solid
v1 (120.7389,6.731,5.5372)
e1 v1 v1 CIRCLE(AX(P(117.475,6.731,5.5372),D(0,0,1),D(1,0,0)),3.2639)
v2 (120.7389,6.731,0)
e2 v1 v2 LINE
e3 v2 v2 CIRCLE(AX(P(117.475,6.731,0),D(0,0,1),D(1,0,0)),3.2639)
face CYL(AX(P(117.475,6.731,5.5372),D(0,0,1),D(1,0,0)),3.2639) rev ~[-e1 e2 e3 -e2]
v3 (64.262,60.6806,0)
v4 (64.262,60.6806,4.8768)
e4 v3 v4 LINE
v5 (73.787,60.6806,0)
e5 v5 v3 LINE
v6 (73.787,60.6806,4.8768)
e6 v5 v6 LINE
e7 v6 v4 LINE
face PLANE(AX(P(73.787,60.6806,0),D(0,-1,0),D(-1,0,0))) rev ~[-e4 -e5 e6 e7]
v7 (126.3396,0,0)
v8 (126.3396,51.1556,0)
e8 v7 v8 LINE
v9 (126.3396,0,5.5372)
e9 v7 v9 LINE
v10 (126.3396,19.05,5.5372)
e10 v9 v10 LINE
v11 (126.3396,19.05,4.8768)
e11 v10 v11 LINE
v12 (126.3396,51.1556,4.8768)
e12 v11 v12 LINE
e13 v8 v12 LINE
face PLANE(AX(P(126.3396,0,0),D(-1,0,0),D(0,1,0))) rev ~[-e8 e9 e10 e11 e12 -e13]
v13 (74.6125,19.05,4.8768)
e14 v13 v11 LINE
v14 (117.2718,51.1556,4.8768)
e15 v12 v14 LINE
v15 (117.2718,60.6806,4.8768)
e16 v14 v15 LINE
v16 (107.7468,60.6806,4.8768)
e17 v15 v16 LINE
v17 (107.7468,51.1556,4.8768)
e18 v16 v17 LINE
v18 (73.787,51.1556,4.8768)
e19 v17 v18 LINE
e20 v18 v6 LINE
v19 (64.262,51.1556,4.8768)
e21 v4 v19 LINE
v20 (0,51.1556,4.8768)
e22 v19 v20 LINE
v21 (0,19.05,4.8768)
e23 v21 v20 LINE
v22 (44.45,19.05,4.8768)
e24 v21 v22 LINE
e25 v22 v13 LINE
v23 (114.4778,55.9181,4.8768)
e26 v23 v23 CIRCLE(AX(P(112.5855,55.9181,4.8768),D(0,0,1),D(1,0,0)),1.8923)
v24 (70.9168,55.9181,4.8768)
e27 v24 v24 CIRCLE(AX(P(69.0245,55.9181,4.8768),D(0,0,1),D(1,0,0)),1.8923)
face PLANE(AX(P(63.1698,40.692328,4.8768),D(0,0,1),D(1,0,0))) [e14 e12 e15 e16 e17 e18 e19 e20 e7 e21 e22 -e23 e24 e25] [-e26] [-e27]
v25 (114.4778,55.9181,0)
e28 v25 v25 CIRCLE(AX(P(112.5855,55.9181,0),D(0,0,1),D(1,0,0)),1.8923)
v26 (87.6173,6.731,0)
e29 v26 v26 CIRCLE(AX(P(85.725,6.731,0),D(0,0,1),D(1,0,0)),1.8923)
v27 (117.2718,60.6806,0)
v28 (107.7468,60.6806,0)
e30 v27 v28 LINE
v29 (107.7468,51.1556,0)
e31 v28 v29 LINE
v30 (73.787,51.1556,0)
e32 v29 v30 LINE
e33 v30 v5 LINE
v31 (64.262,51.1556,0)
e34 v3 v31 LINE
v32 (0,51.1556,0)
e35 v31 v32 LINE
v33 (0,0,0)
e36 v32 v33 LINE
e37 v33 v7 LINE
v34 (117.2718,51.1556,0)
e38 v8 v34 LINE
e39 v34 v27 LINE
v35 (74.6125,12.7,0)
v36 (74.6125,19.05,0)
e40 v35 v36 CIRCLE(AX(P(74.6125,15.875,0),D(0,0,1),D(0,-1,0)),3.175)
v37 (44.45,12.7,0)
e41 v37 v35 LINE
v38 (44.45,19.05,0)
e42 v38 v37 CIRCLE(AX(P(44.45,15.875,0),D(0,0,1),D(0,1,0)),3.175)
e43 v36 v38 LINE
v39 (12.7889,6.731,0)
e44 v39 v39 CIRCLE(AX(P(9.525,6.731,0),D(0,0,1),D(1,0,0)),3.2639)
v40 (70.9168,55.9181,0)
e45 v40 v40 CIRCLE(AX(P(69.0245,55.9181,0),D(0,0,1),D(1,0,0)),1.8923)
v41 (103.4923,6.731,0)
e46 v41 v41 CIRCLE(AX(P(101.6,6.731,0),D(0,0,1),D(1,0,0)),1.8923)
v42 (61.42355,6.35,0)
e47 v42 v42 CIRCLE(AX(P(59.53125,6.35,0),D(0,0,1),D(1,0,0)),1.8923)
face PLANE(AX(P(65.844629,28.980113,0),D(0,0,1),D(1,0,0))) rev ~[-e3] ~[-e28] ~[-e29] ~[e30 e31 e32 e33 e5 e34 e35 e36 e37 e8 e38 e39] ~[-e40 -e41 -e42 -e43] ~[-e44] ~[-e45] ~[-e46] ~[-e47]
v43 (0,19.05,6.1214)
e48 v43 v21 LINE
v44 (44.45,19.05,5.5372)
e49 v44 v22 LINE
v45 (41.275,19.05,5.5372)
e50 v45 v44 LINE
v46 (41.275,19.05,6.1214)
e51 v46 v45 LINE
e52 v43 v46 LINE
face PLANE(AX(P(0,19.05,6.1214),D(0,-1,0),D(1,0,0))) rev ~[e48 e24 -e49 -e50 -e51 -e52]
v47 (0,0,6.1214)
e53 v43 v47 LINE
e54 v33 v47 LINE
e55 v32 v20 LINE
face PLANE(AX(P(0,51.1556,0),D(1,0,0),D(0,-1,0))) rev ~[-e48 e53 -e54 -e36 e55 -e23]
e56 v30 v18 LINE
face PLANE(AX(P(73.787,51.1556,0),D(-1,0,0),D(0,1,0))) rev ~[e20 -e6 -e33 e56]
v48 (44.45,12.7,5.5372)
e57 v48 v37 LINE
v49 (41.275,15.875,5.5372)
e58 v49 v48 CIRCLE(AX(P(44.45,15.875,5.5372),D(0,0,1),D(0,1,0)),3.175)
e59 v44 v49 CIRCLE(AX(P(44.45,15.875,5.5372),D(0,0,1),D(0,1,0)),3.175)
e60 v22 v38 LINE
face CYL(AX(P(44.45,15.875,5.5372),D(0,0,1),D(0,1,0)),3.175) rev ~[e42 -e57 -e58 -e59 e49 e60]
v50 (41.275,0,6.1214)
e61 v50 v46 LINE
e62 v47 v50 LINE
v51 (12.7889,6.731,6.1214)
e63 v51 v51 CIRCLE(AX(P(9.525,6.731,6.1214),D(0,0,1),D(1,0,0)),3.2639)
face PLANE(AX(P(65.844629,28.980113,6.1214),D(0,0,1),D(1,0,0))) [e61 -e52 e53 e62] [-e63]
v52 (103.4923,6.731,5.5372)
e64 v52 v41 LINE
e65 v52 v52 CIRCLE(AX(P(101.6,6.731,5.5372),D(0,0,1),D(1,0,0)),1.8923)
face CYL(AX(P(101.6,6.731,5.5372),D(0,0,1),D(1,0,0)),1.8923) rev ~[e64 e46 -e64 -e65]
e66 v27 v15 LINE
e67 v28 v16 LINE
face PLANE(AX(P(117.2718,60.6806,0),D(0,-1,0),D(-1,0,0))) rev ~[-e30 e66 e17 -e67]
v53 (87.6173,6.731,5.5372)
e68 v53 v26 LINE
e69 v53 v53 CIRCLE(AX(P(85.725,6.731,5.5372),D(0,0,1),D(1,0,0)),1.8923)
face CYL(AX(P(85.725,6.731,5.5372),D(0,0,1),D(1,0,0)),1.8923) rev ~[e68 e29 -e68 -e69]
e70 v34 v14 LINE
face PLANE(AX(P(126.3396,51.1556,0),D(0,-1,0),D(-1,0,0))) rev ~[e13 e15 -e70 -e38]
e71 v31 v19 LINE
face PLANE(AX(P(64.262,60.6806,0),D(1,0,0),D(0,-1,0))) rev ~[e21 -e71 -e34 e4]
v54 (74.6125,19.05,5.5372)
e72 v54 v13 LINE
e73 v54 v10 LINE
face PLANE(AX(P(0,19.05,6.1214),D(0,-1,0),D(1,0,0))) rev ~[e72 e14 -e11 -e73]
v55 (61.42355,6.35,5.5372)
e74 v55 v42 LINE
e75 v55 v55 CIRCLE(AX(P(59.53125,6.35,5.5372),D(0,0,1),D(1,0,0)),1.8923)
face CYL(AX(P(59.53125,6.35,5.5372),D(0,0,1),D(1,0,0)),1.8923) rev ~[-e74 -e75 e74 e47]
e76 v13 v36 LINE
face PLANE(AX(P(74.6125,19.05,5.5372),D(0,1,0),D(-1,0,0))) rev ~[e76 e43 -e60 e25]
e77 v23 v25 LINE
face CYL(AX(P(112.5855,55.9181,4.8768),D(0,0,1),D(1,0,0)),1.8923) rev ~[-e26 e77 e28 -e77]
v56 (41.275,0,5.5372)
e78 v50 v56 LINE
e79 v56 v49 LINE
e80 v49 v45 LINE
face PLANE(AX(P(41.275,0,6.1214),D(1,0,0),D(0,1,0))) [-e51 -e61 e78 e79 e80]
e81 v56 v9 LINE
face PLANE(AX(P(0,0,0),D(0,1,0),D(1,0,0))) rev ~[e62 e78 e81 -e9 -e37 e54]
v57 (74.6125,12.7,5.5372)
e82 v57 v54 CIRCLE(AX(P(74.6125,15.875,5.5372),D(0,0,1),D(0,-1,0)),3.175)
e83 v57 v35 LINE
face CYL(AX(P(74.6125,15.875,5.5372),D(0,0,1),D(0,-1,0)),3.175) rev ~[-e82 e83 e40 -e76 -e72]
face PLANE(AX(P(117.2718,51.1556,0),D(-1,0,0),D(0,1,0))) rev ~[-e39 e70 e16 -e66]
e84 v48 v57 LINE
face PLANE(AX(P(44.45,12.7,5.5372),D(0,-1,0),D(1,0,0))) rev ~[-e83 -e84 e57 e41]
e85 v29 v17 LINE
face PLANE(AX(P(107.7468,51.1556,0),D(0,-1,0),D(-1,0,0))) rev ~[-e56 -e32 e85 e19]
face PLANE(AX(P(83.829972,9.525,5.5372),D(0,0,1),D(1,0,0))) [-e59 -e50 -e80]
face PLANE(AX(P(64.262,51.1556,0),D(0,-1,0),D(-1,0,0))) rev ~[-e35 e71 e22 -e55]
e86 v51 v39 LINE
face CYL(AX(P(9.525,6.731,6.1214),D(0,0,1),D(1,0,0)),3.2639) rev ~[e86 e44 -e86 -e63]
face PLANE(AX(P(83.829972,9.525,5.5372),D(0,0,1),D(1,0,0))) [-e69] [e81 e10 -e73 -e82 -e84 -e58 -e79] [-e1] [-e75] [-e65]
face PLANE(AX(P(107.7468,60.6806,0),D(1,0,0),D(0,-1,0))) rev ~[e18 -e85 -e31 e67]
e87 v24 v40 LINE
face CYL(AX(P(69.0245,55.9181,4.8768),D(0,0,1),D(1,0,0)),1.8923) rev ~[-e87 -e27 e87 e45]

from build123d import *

# Parameters (mm, degrees)
F1_DEPTH  = 6.1214
F2_W      = 126.3396
F2_H      = 43.2846567154
F3_DEPTH  = 1.2446
F4_W      = 85.1099437237
F4_H      = 19.05
F5_DEPTH  = 0.5842
F7_DEPTH  = 5.5372
F8_R      = 1.8923
F9_DEPTH  = 4.8768
F10_R     = 1.8923
F11_DEPTH = 5.5372
F12_R     = 3.2639
F13_DEPTH = 6.1214
F14_R     = 1.8923
F15_DEPTH = 5.5372
F16_R     = 3.2639
F17_DEPTH = 5.5372


with BuildPart() as f1:
    # F0 (on Top) → F1 (new body)
    with BuildSketch(Plane.XY):
        Polygon((0, 51.1556), (0, 0), (126.3396, 0), (126.3396, 51.1556), (117.2718, 51.1556), (117.2718, 60.6806), (107.7468, 60.6806), (107.7468, 51.1556), (73.787, 51.1556), (73.787, 60.6806), (64.262, 60.6806), (64.262, 51.1556), align=None)
    extrude(amount=F1_DEPTH)

    # F2 (on face) → F3 (cut)
    with BuildSketch(Plane.XY.offset(6.1214)):
        with Locations((63.1698, 40.6923283577)):
            Rectangle(F2_W, F2_H)
    extrude(amount=-F3_DEPTH, mode=Mode.SUBTRACT)

    # F4 (on face) → F5 (cut)
    with BuildSketch(Plane.XY.offset(6.1214)):
        with Locations((83.8299718618, 9.525)):
            Rectangle(F4_W, F4_H)
    extrude(amount=-F5_DEPTH, mode=Mode.SUBTRACT)

    # F6 (on face) → F7 (cut, through all)
    with BuildSketch(Plane.XY.offset(5.5372)):
        with BuildLine():
            Line((74.6125, 19.05), (44.45, 19.05))
            ThreePointArc((44.45, 19.05), (41.275, 15.875), (44.45, 12.7))
            Line((44.45, 12.7), (74.6125, 12.7))
            ThreePointArc((74.6125, 12.7), (77.7875, 15.875), (74.6125, 19.05))
        make_face()
    extrude(amount=-F7_DEPTH, mode=Mode.SUBTRACT)

    # F8 (on face) → F9 (cut, through all)
    with BuildSketch(Plane.XY.offset(4.8768)):
        with Locations((69.0245, 55.9181)):
            Circle(F8_R)
        with Locations((112.5855, 55.9181)):
            Circle(F8_R)
    extrude(amount=-F9_DEPTH, mode=Mode.SUBTRACT)

    # F10 (on face) → F11 (cut, through all)
    with BuildSketch(Plane.XY.offset(5.5372)):
        with Locations((59.53125, 6.35)):
            Circle(F10_R)
    extrude(amount=-F11_DEPTH, mode=Mode.SUBTRACT)

    # F12 (on face) → F13 (cut, through all)
    with BuildSketch(Plane.XY.offset(6.1214)):
        with Locations((9.525, 6.731)):
            Circle(F12_R)
    extrude(amount=-F13_DEPTH, mode=Mode.SUBTRACT)

    # F14 (on face) → F15 (cut, through all)
    with BuildSketch(Plane.XY.offset(5.5372)):
        with Locations((85.725, 6.731)):
            Circle(F14_R)
        with Locations((101.6, 6.731)):
            Circle(F14_R)
    extrude(amount=-F15_DEPTH, mode=Mode.SUBTRACT)

    # F16 (on face) → F17 (cut, through all)
    with BuildSketch(Plane.XY.offset(5.5372)):
        with Locations((117.475, 6.731)):
            Circle(F16_R)
    extrude(amount=-F17_DEPTH, mode=Mode.SUBTRACT)


solid = f1.part
